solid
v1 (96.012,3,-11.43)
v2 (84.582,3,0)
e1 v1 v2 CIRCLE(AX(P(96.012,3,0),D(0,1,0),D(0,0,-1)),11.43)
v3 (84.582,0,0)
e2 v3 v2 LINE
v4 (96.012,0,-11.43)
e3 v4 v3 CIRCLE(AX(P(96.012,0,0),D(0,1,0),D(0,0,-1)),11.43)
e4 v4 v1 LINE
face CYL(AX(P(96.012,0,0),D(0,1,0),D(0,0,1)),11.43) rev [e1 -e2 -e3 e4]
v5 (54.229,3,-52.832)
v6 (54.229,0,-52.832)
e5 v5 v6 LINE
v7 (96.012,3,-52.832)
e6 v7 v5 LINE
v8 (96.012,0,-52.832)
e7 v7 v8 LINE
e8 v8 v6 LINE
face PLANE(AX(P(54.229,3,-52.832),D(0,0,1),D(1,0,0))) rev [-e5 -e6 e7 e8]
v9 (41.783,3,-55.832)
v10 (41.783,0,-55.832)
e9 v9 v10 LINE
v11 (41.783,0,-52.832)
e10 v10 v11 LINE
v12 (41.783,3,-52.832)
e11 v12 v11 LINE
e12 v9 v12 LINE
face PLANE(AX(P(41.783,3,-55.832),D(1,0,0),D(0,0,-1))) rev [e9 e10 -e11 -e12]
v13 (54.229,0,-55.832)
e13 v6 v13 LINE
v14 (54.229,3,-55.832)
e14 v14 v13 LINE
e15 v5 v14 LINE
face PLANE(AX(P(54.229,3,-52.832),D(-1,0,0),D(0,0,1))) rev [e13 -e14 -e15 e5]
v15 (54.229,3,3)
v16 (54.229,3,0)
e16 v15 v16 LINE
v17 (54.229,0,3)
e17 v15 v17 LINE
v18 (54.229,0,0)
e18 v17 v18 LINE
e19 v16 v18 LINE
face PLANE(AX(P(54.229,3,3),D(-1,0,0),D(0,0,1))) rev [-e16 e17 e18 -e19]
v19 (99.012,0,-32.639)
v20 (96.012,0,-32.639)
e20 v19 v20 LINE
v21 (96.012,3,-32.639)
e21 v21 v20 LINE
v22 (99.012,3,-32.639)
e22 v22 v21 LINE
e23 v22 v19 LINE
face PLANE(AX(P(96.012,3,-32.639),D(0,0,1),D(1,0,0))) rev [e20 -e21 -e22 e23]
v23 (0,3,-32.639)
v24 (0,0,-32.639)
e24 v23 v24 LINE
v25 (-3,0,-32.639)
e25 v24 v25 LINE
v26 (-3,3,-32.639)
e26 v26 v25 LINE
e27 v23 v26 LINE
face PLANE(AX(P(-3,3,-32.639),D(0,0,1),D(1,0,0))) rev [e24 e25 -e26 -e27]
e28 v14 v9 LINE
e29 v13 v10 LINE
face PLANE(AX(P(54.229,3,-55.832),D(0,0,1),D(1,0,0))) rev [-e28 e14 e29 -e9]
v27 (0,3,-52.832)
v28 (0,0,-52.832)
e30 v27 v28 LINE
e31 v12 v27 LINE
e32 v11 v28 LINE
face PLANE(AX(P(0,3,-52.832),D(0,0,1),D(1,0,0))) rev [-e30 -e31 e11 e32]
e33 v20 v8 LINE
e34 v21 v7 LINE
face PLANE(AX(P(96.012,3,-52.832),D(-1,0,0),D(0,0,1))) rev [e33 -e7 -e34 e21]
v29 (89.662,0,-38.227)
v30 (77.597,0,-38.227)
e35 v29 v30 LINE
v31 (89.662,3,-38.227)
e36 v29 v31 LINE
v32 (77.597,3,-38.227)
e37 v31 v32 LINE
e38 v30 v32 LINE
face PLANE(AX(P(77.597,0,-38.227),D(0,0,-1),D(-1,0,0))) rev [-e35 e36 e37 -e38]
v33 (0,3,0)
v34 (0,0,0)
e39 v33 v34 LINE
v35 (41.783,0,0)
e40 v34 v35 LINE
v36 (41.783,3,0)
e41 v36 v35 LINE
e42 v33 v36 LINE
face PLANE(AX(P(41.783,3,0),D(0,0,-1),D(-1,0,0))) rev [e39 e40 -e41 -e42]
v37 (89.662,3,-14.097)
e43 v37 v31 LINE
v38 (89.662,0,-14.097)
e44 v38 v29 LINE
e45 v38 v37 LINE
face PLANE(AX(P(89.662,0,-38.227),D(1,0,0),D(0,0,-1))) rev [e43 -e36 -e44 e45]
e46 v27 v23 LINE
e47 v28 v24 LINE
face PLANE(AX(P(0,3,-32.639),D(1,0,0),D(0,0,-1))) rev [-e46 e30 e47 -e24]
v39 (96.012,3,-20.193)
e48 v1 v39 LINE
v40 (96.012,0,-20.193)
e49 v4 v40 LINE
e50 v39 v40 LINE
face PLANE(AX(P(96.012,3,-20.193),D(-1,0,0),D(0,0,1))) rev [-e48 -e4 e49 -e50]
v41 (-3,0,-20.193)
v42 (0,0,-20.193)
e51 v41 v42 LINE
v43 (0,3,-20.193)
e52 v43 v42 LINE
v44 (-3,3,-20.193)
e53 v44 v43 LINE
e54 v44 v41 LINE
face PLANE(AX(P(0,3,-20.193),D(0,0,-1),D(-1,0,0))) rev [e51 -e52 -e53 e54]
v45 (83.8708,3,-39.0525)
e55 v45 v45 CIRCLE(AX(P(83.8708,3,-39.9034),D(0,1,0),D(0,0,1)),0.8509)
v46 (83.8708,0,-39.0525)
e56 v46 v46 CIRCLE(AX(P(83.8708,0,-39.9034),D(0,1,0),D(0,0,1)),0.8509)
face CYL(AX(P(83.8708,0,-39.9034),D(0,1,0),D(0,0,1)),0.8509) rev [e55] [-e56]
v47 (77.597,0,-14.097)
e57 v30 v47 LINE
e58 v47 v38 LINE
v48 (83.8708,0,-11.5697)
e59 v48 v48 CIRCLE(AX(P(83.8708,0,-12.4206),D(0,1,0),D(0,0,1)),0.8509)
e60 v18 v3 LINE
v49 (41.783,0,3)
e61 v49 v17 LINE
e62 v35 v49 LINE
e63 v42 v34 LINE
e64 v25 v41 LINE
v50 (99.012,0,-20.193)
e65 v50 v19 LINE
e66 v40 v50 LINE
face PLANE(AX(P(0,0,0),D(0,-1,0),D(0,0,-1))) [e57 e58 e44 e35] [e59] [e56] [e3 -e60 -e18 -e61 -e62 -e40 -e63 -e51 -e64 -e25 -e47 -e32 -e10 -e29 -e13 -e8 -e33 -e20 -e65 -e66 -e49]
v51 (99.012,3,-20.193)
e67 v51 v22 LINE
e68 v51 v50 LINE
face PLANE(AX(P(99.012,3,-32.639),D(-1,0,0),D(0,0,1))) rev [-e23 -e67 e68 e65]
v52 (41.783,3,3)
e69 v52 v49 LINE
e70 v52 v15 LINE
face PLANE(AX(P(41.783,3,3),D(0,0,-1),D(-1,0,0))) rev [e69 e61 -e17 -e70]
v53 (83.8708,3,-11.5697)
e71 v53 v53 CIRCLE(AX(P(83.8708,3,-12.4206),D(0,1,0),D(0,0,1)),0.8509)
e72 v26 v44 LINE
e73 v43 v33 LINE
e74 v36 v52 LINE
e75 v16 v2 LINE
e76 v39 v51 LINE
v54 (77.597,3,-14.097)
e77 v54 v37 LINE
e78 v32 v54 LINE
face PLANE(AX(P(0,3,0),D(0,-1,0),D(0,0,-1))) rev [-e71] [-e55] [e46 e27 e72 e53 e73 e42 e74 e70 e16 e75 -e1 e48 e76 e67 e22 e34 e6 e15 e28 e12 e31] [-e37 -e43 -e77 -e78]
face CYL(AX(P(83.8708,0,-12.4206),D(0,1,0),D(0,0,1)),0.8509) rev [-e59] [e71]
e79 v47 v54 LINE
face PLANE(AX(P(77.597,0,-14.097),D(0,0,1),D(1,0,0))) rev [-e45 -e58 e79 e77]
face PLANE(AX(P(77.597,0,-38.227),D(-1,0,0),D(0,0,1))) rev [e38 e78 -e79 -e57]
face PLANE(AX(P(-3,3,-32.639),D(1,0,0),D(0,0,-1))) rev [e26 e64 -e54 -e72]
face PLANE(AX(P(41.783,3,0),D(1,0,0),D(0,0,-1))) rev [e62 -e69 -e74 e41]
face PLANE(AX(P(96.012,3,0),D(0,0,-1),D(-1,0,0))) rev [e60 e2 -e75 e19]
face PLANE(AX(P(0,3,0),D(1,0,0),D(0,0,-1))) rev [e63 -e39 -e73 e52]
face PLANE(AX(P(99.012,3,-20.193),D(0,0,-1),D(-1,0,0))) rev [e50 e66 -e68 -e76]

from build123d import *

# Parameters (mm, degrees)
BOSS_EXTRUDE1_DEPTH = 3
SKETCH3_W           = 12.065
SKETCH3_H           = 24.13
CUT_EXTRUDE1_DEPTH  = 114.708347838
CUT_EXTRUDE3_DEPTH  = 114.708347838
SKETCH5_R           = 0.8509
CUT_EXTRUDE4_DEPTH  = 114.708347838


with BuildPart() as part:
    # Sketch1 → Boss-Extrude1 (new body)
    with BuildSketch(Plane(origin=(0, 0, 0), x_dir=(1, 0, 0), z_dir=(0, 1, 0))):
        Polygon((0, 0), (0, 20.193), (-3, 20.193), (-3, 32.639), (0, 32.639), (0, 52.832), (41.783, 52.832), (41.783, 55.832), (54.229, 55.832), (54.229, 52.832), (96.012, 52.832), (96.012, 32.639), (99.012, 32.639), (99.012, 20.193), (96.012, 20.193), (96.012, 0), (54.229, 0), (54.229, -3), (41.783, -3), (41.783, 0), align=None)
    extrude(amount=BOSS_EXTRUDE1_DEPTH)

    # Sketch3 → Cut-Extrude1 (cut, through all)
    with BuildSketch(Plane(origin=(0, 3, 0), x_dir=(1, 0, 0), z_dir=(0, 1, 0))):
        with Locations((83.6295, 26.162)):
            Rectangle(SKETCH3_W, SKETCH3_H)
    extrude(amount=-CUT_EXTRUDE1_DEPTH, mode=Mode.SUBTRACT)

    # Sketch4 → Cut-Extrude3 (cut, through all)
    with BuildSketch(Plane(origin=(0, 3, 0), x_dir=(1, 0, 0), z_dir=(0, 1, 0))):
        with BuildLine():
            Line((96.012, 11.43), (96.012, 0))
            Line((96.012, 0), (84.582, 0))
            ThreePointArc((84.582, 0), (87.929769491, 8.082230509), (96.012, 11.43))
        make_face()
    extrude(amount=-CUT_EXTRUDE3_DEPTH, mode=Mode.SUBTRACT)

    # Sketch5 → Cut-Extrude4 (cut, through all)
    with BuildSketch(Plane(origin=(0, 3, 0), x_dir=(1, 0, 0), z_dir=(0, 1, 0))):
        with Locations(Location((83.8708, 39.9034, 0), (0, 0, 270))):
            Circle(SKETCH5_R)
        with Locations(Location((83.8708, 12.4206, 0), (0, 0, 270))):
            Circle(SKETCH5_R)
    extrude(amount=-CUT_EXTRUDE4_DEPTH, mode=Mode.SUBTRACT)


solid = part.part
